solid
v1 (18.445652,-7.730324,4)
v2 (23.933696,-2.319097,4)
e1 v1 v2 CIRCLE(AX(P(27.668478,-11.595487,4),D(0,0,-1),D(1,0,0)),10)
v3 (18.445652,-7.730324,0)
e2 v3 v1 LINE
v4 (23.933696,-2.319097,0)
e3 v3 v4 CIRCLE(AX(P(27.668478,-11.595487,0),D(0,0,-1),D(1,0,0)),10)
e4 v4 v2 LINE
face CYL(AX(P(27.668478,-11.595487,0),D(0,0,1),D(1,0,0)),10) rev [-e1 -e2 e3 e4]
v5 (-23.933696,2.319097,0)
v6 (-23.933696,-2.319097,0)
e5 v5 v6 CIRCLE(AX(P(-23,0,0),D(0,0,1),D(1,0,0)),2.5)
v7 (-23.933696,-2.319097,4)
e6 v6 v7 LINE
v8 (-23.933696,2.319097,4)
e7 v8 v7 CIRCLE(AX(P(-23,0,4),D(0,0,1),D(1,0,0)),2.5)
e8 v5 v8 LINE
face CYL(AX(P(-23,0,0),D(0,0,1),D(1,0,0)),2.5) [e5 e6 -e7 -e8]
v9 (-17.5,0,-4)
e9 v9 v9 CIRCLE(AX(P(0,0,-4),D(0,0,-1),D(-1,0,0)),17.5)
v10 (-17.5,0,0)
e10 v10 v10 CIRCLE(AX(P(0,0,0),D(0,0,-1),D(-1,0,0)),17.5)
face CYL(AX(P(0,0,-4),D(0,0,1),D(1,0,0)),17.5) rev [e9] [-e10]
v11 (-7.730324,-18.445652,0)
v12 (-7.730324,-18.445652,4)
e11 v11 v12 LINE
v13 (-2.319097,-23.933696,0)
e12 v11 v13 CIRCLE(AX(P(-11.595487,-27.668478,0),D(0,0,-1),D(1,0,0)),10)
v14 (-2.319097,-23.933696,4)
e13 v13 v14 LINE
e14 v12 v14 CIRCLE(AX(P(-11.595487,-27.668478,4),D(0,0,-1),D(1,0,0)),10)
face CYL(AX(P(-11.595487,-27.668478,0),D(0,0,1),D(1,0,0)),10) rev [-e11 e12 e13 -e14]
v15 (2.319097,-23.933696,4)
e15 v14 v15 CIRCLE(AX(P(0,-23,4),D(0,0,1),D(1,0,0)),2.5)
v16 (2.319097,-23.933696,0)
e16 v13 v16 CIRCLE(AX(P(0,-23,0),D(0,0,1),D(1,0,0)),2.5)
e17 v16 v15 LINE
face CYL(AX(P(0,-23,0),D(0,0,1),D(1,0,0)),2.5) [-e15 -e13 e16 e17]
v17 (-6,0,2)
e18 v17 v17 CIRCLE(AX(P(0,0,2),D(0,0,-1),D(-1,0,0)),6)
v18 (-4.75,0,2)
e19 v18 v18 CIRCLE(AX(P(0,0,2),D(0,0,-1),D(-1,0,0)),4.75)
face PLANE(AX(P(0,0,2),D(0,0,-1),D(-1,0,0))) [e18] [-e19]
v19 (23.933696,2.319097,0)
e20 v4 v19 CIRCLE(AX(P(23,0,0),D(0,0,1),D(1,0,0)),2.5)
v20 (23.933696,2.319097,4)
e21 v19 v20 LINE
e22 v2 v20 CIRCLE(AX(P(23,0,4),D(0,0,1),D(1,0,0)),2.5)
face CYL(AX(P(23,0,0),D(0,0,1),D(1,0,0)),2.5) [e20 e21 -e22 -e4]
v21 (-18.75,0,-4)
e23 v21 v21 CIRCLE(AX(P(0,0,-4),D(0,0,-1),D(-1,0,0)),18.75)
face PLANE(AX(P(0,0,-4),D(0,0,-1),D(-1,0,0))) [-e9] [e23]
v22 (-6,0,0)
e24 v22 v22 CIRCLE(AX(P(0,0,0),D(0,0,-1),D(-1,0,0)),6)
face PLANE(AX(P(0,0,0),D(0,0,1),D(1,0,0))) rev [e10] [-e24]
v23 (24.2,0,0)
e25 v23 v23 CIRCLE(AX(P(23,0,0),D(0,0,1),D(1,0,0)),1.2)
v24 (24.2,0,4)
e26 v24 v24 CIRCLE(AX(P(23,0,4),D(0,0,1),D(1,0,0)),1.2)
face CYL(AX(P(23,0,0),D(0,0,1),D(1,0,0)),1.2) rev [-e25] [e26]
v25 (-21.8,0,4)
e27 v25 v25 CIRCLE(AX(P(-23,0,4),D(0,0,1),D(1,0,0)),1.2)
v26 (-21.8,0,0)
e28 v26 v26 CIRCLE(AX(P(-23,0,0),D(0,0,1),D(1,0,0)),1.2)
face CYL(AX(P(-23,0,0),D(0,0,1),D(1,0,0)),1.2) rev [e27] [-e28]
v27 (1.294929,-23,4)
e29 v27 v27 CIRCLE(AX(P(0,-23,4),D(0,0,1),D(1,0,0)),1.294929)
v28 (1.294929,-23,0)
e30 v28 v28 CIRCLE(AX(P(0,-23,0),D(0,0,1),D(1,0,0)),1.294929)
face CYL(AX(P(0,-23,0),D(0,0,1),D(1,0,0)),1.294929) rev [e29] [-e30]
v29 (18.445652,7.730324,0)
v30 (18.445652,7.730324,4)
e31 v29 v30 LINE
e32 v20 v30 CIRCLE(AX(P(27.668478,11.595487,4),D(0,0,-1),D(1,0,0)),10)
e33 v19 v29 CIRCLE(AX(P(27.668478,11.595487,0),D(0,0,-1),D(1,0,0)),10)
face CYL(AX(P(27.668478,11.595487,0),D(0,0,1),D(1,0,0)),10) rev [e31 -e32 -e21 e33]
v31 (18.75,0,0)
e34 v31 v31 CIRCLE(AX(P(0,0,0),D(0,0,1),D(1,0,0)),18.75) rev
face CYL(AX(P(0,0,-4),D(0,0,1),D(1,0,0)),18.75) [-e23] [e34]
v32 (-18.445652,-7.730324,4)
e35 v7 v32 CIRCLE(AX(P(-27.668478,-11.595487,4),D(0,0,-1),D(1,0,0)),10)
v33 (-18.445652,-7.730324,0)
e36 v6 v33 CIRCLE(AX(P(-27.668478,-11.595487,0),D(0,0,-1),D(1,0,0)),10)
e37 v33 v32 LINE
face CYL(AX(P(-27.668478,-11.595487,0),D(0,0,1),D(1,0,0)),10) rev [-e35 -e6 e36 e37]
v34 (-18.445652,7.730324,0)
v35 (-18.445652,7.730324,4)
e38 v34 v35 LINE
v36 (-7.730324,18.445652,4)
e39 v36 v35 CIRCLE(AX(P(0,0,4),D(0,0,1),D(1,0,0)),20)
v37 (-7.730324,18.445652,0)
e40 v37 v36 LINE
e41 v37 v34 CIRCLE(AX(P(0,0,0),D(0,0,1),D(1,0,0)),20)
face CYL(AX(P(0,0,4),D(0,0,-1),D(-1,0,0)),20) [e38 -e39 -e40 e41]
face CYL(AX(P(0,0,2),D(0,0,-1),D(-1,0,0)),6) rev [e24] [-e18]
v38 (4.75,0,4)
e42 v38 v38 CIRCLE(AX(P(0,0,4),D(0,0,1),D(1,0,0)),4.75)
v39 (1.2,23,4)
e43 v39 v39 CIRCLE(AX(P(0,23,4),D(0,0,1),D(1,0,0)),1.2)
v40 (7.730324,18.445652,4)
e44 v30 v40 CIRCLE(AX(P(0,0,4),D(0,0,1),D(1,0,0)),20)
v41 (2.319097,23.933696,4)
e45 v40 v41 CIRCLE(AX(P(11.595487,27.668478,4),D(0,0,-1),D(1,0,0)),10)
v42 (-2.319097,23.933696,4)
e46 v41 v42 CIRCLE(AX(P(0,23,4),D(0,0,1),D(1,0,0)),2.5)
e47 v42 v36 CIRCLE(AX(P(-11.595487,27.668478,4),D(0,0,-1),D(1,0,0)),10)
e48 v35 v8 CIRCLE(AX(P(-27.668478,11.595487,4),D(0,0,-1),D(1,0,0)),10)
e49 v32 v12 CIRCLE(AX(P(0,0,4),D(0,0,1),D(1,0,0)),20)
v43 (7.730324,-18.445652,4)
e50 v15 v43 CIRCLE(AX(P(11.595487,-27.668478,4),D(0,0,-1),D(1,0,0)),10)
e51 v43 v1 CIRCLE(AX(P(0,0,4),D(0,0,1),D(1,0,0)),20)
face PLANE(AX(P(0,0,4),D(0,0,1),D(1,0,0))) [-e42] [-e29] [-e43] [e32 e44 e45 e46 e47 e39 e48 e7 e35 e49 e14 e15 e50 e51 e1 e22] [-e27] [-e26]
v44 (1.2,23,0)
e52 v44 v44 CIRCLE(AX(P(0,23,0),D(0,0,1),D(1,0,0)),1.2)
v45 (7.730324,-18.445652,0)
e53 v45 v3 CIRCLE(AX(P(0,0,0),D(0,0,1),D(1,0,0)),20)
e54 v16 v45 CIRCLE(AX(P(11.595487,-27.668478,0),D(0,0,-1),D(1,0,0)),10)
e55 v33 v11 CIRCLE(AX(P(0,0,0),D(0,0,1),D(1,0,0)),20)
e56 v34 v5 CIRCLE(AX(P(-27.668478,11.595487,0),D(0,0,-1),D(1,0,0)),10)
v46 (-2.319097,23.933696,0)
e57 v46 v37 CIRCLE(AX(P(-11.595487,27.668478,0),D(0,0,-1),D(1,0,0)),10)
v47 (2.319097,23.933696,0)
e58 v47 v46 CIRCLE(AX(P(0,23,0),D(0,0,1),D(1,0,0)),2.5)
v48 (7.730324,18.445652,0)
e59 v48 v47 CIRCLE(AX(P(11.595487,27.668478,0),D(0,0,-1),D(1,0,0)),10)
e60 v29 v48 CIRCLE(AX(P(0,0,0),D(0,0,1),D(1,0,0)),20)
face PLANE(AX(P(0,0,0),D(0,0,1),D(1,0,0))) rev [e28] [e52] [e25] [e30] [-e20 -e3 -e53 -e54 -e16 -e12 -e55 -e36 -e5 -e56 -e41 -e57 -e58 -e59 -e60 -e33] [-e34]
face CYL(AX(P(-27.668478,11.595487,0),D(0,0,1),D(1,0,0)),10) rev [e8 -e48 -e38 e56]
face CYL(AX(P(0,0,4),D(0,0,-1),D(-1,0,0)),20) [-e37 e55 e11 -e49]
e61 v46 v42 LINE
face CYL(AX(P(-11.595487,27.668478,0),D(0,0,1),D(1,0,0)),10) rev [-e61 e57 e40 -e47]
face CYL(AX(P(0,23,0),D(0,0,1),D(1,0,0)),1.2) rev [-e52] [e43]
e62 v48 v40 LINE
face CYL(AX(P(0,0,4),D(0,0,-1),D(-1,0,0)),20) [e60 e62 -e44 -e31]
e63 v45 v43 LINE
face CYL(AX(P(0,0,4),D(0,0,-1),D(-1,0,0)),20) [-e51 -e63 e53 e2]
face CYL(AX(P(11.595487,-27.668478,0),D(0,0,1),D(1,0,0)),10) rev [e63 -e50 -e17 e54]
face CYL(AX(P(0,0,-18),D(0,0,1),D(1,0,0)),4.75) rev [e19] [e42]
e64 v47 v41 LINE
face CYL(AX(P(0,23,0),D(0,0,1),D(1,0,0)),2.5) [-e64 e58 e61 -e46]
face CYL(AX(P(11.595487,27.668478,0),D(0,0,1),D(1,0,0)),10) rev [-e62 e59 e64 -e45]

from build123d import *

# Parameters (mm, degrees)
SKETCH_1_R          = 20
EXTRUDE_1_DEPTH     = 4
SKETCH_2_R          = 6
CUT_EXTRUDE_1_DEPTH = 2
SKETCH_3_R          = 4.75
CUT_EXTRUDE_2_DEPTH = 22
SKETCH_4_R          = 18.75
SKETCH_4_R_2        = 17.5
EXTRUDE_2_DEPTH     = 4
SKETCH_5_R          = 1.294929457
SKETCH_5_R_2        = 1.2
EXTRUDE_3_DEPTH     = 4


with BuildPart() as part:
    # 草图1 → 凸台-拉伸1 (new body)
    with BuildSketch(Plane.XY):
        Circle(SKETCH_1_R)
    extrude(amount=EXTRUDE_1_DEPTH)

    # 草图2 → 切除-拉伸1 (cut)
    with BuildSketch(Plane(origin=(0, 0, 0), x_dir=(-1, 0, 0), z_dir=(0, 0, -1))):
        Circle(SKETCH_2_R)
    extrude(amount=-CUT_EXTRUDE_1_DEPTH, mode=Mode.SUBTRACT)

    # 草图3 → 切除-拉伸2 (cut)
    with BuildSketch(Plane.XY.offset(4)):
        Circle(SKETCH_3_R)
    extrude(amount=-CUT_EXTRUDE_2_DEPTH, mode=Mode.SUBTRACT)

    # 草图4 → 凸台-拉伸2 (add)
    with BuildSketch(Plane(origin=(0, 0, 0), x_dir=(-1, 0, 0), z_dir=(0, 0, -1))):
        Circle(SKETCH_4_R)
        Circle(SKETCH_4_R_2, mode=Mode.SUBTRACT)
    extrude(amount=EXTRUDE_2_DEPTH)

    # 草图5 → 凸台-拉伸3 (add)
    with BuildSketch(Plane.XY.offset(4)):
        with BuildLine():
            ThreePointArc((-2.319097331, -23.933695652), (0, -25.5), (2.319097331, -23.933695652))
            ThreePointArc((2.319097331, -23.933695652), (4.474759898, -20.647420615), (7.730324436, -18.445652174))
            ThreePointArc((7.730324436, -18.445652174), (0, -20), (-7.730324436, -18.445652174))
            ThreePointArc((-7.730324436, -18.445652174), (-4.474759898, -20.647420615), (-2.319097331, -23.933695652))
        make_face()
        with Locations((0, -23)):
            Circle(SKETCH_5_R, mode=Mode.SUBTRACT)
        with BuildLine():
            ThreePointArc((-23.933695652, 2.319097331), (-25.5, 0), (-23.933695652, -2.319097331))
            ThreePointArc((-23.933695652, -2.319097331), (-20.647420615, -4.474759898), (-18.445652174, -7.730324436))
            ThreePointArc((-18.445652174, -7.730324436), (-20, 0), (-18.445652174, 7.730324436))
            ThreePointArc((-18.445652174, 7.730324436), (-20.647420615, 4.474759898), (-23.933695652, 2.319097331))
        make_face()
        with Locations((-23, 0)):
            Circle(SKETCH_5_R_2, mode=Mode.SUBTRACT)
        with BuildLine():
            ThreePointArc((23.933695652, -2.319097331), (25.5, 0), (23.933695652, 2.319097331))
            ThreePointArc((23.933695652, 2.319097331), (20.647420615, 4.474759898), (18.445652174, 7.730324436))
            ThreePointArc((18.445652174, 7.730324436), (20, 0), (18.445652174, -7.730324436))
            ThreePointArc((18.445652174, -7.730324436), (20.647420615, -4.474759898), (23.933695652, -2.319097331))
        make_face()
        with Locations((23, 0)):
            Circle(SKETCH_5_R_2, mode=Mode.SUBTRACT)
        with BuildLine():
            ThreePointArc((2.319097331, 23.933695652), (0, 25.5), (-2.319097331, 23.933695652))
            ThreePointArc((-2.319097331, 23.933695652), (-4.474759898, 20.647420615), (-7.730324436, 18.445652174))
            ThreePointArc((-7.730324436, 18.445652174), (0, 20), (7.730324436, 18.445652174))
            ThreePointArc((7.730324436, 18.445652174), (4.474759898, 20.647420615), (2.319097331, 23.933695652))
        make_face()
        with Locations((0, 23)):
            Circle(SKETCH_5_R_2, mode=Mode.SUBTRACT)
    extrude(amount=-EXTRUDE_3_DEPTH)


solid = part.part
